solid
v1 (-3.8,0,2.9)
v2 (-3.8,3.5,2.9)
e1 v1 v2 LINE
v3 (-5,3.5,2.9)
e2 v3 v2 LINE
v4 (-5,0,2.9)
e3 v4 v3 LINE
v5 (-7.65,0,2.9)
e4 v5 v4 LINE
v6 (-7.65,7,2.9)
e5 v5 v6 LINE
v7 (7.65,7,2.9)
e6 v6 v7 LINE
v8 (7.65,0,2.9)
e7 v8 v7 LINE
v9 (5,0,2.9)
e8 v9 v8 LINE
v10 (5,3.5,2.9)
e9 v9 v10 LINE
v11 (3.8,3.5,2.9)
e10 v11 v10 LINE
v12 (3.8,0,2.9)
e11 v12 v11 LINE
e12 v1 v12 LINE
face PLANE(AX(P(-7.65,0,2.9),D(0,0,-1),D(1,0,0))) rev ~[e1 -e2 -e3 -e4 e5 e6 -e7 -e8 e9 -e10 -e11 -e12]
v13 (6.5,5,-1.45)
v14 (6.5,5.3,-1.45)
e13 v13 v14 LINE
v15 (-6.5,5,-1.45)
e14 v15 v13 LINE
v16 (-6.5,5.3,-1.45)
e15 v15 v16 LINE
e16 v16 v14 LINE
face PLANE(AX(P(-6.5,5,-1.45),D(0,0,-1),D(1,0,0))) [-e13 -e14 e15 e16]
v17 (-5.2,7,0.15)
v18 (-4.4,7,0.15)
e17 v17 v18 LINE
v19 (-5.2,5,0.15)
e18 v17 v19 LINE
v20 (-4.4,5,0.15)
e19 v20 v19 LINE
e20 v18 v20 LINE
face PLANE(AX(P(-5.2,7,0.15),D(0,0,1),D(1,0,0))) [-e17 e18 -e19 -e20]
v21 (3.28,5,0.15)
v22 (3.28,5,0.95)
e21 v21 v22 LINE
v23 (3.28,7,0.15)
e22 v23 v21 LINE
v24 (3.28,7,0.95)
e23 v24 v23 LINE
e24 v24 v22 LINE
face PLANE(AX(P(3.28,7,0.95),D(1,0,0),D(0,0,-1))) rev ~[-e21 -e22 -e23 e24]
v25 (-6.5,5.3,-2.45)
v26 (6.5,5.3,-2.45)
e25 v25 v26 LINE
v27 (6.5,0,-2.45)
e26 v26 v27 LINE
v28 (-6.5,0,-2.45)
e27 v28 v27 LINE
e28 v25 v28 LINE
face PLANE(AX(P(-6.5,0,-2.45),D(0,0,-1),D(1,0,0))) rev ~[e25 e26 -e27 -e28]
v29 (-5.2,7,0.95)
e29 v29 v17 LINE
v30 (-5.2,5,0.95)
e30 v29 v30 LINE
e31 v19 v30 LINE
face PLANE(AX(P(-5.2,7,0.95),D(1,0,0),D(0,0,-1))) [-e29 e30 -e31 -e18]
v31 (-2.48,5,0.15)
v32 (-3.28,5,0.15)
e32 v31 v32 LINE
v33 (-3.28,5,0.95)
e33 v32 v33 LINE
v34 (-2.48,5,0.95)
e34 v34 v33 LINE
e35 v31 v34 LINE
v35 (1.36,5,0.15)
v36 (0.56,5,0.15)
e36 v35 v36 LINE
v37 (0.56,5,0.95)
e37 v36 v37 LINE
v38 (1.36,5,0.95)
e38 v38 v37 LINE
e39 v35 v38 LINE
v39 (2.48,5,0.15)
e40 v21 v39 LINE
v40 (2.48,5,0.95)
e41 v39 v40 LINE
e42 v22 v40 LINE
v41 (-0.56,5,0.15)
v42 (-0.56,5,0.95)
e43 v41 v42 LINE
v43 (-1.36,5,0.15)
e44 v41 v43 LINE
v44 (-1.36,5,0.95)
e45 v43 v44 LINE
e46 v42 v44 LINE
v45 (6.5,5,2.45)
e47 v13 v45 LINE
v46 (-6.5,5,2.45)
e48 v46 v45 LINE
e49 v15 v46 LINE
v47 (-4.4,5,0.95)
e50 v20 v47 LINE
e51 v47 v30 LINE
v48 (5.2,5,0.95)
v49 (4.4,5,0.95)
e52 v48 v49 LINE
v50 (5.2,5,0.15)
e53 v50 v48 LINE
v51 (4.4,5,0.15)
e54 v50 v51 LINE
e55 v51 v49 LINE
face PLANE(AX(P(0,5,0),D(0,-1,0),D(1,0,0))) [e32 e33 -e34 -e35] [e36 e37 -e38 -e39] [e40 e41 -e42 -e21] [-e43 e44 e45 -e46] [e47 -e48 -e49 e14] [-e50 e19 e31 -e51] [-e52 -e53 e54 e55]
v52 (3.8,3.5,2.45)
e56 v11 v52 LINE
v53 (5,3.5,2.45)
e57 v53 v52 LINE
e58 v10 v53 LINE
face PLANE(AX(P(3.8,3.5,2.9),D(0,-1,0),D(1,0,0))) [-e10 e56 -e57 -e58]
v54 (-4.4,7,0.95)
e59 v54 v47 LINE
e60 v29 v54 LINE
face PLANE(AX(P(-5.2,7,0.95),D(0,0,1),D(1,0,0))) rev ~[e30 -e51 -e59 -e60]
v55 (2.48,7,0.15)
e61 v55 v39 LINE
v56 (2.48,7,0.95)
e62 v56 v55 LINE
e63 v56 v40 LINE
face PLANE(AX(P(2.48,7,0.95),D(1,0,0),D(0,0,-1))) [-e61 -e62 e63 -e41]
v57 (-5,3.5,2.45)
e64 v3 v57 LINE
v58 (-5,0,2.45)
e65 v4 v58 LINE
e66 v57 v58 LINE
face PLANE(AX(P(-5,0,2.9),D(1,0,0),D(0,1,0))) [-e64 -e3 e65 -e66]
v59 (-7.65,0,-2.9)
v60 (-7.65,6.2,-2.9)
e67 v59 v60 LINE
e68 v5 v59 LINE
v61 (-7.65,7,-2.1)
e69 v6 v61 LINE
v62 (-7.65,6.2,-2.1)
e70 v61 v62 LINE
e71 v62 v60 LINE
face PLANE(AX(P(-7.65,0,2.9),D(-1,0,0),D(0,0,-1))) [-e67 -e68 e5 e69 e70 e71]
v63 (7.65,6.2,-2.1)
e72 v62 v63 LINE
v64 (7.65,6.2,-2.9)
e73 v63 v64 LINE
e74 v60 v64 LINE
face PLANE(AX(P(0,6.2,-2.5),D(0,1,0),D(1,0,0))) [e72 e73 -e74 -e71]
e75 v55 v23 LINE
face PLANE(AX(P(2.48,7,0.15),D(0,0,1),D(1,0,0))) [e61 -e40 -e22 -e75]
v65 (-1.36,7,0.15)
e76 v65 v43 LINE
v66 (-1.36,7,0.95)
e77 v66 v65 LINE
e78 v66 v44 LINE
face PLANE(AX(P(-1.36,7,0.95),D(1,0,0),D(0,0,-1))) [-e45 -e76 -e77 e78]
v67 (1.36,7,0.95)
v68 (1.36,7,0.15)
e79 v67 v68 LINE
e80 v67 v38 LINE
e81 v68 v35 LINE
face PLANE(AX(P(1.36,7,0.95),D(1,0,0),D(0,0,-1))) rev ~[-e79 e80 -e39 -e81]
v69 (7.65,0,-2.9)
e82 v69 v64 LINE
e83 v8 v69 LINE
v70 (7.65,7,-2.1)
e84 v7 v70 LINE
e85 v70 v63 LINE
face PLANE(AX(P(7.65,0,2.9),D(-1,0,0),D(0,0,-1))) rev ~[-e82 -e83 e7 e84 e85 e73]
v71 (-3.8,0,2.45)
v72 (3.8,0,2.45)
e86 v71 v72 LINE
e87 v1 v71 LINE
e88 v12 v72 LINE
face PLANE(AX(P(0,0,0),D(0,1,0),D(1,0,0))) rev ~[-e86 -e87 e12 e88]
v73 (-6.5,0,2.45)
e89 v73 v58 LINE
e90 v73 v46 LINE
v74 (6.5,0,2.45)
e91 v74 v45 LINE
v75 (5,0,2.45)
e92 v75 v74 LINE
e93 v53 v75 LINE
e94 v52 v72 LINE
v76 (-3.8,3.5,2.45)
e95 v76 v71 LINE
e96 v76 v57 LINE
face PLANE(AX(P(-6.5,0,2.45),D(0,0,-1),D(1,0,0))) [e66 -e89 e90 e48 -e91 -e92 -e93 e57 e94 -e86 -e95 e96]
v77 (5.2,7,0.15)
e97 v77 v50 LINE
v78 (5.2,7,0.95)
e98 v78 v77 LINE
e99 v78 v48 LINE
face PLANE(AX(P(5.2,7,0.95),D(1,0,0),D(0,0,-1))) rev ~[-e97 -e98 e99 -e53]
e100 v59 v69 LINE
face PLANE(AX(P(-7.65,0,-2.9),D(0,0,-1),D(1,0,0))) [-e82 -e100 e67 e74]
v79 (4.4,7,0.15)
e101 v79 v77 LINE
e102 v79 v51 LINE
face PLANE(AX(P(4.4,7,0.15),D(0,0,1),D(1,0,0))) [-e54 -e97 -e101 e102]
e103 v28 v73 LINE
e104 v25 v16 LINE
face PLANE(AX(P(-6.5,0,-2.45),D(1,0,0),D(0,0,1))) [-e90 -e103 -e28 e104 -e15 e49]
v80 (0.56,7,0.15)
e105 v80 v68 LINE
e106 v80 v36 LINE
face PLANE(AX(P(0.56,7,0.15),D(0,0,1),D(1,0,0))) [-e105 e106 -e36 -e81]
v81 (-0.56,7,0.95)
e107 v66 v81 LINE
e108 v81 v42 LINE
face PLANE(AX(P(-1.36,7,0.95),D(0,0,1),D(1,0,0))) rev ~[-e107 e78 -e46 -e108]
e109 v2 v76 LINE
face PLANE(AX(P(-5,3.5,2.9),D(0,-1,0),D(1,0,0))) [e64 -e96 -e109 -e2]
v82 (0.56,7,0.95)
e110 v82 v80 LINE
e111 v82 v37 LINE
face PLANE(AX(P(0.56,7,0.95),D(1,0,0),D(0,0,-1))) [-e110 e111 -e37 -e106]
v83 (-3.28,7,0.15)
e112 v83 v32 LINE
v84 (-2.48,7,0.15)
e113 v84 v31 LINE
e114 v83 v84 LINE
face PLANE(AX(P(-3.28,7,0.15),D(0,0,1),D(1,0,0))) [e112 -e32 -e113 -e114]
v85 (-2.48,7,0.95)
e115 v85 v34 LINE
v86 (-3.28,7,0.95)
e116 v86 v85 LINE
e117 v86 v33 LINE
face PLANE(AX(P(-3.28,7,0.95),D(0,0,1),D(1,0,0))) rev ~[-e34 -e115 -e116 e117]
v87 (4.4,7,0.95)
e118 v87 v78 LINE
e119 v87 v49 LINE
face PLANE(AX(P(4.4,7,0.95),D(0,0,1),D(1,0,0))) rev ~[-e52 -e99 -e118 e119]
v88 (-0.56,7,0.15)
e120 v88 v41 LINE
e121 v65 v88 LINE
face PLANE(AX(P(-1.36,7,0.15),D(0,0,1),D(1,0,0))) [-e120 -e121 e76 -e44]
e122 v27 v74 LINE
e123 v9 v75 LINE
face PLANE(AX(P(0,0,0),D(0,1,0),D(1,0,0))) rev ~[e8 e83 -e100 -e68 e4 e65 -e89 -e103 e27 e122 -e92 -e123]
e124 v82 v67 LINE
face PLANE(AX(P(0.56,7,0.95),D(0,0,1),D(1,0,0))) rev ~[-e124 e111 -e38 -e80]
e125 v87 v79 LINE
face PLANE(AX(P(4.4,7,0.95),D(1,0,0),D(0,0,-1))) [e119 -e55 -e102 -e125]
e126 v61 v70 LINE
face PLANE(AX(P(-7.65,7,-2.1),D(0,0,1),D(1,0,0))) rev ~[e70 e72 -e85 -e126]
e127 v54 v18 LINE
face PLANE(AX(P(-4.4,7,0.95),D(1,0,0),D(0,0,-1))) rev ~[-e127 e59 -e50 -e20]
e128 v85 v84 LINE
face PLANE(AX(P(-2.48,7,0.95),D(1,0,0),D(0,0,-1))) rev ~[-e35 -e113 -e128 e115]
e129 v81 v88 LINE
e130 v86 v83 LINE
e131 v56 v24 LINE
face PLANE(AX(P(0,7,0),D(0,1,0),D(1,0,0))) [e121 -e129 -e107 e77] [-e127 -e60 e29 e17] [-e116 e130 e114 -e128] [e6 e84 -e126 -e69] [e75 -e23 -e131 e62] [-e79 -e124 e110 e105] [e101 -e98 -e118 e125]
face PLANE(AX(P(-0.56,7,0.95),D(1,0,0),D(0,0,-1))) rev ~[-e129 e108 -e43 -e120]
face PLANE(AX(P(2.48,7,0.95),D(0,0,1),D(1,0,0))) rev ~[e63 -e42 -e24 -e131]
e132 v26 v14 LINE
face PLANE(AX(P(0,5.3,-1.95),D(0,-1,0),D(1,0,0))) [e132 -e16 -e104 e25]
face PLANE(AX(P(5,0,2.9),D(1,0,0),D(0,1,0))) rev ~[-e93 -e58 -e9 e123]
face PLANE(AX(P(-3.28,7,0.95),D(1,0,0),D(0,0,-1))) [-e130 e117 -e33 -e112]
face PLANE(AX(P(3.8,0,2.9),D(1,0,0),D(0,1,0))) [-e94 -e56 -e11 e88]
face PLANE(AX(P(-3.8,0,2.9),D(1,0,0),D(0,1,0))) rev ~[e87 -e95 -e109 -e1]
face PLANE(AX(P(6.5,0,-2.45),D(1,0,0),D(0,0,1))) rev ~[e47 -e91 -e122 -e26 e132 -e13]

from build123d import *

# Parameters (mm, degrees)
SKETCH1_W           = 15.3
SKETCH1_H           = 5.8
BOSS_EXTRUDE1_DEPTH = 7
SKETCH3_W           = 13
SKETCH3_H           = 4.9
CUT_EXTRUDE1_DEPTH  = 5
SKETCH4_W           = 1.2
SKETCH4_H           = 3.5
CUT_EXTRUDE2_DEPTH  = 4
SKETCH5_W           = 15.3
SKETCH5_H           = 0.8
CUT_EXTRUDE3_DEPTH  = 0.8
SKETCH6_W           = 0.8
SKETCH6_H           = 0.8
CUT_EXTRUDE4_DEPTH  = 10
SKETCH7_W           = 13
SKETCH7_H           = 1
CUT_EXTRUDE5_DEPTH  = 0.3


with BuildPart() as part:
    # Sketch1 → Boss-Extrude1 (new body)
    with BuildSketch(Plane(origin=(0, 0, 0), x_dir=(1, 0, 0), z_dir=(0, 1, 0))):
        Rectangle(SKETCH1_W, SKETCH1_H)
    extrude(amount=BOSS_EXTRUDE1_DEPTH)

    # Sketch3 → Cut-Extrude1 (cut)
    with BuildSketch(Plane.XZ):
        Rectangle(SKETCH3_W, SKETCH3_H)
    extrude(amount=-CUT_EXTRUDE1_DEPTH, mode=Mode.SUBTRACT)

    # Sketch4 → Cut-Extrude2 (cut)
    with BuildSketch(Plane.XY.offset(2.9)):
        with Locations((-4.4, 1.75)):
            Rectangle(SKETCH4_W, SKETCH4_H)
        with Locations((4.4, 1.75)):
            Rectangle(SKETCH4_W, SKETCH4_H)
    extrude(amount=-CUT_EXTRUDE2_DEPTH, mode=Mode.SUBTRACT)

    # Sketch5 → Cut-Extrude3 (cut)
    with BuildSketch(Plane(origin=(0, 7, 0), x_dir=(1, 0, 0), z_dir=(0, 1, 0))):
        with Locations((0, 2.5)):
            Rectangle(SKETCH5_W, SKETCH5_H)
    extrude(amount=-CUT_EXTRUDE3_DEPTH, mode=Mode.SUBTRACT)

    # Sketch6 → Cut-Extrude4 (cut)
    with BuildSketch(Plane(origin=(0, 7, 0), x_dir=(1, 0, 0), z_dir=(0, 1, 0))):
        with Locations((4.8, -0.55)):
            Rectangle(SKETCH6_W, SKETCH6_H)
        with Locations((2.88, -0.55)):
            Rectangle(SKETCH6_W, SKETCH6_H)
        with Locations((0.96, -0.55)):
            Rectangle(SKETCH6_W, SKETCH6_H)
        with Locations((-0.96, -0.55)):
            Rectangle(SKETCH6_W, SKETCH6_H)
        with Locations((-2.88, -0.55)):
            Rectangle(SKETCH6_W, SKETCH6_H)
        with Locations((-4.8, -0.55)):
            Rectangle(SKETCH6_W, SKETCH6_H)
    extrude(amount=-CUT_EXTRUDE4_DEPTH, mode=Mode.SUBTRACT)

    # Sketch7 → Cut-Extrude5 (cut)
    with BuildSketch(Plane.XZ.offset(-5)):
        with Locations((0, -1.95)):
            Rectangle(SKETCH7_W, SKETCH7_H)
    extrude(amount=-CUT_EXTRUDE5_DEPTH, mode=Mode.SUBTRACT)


solid = part.part
